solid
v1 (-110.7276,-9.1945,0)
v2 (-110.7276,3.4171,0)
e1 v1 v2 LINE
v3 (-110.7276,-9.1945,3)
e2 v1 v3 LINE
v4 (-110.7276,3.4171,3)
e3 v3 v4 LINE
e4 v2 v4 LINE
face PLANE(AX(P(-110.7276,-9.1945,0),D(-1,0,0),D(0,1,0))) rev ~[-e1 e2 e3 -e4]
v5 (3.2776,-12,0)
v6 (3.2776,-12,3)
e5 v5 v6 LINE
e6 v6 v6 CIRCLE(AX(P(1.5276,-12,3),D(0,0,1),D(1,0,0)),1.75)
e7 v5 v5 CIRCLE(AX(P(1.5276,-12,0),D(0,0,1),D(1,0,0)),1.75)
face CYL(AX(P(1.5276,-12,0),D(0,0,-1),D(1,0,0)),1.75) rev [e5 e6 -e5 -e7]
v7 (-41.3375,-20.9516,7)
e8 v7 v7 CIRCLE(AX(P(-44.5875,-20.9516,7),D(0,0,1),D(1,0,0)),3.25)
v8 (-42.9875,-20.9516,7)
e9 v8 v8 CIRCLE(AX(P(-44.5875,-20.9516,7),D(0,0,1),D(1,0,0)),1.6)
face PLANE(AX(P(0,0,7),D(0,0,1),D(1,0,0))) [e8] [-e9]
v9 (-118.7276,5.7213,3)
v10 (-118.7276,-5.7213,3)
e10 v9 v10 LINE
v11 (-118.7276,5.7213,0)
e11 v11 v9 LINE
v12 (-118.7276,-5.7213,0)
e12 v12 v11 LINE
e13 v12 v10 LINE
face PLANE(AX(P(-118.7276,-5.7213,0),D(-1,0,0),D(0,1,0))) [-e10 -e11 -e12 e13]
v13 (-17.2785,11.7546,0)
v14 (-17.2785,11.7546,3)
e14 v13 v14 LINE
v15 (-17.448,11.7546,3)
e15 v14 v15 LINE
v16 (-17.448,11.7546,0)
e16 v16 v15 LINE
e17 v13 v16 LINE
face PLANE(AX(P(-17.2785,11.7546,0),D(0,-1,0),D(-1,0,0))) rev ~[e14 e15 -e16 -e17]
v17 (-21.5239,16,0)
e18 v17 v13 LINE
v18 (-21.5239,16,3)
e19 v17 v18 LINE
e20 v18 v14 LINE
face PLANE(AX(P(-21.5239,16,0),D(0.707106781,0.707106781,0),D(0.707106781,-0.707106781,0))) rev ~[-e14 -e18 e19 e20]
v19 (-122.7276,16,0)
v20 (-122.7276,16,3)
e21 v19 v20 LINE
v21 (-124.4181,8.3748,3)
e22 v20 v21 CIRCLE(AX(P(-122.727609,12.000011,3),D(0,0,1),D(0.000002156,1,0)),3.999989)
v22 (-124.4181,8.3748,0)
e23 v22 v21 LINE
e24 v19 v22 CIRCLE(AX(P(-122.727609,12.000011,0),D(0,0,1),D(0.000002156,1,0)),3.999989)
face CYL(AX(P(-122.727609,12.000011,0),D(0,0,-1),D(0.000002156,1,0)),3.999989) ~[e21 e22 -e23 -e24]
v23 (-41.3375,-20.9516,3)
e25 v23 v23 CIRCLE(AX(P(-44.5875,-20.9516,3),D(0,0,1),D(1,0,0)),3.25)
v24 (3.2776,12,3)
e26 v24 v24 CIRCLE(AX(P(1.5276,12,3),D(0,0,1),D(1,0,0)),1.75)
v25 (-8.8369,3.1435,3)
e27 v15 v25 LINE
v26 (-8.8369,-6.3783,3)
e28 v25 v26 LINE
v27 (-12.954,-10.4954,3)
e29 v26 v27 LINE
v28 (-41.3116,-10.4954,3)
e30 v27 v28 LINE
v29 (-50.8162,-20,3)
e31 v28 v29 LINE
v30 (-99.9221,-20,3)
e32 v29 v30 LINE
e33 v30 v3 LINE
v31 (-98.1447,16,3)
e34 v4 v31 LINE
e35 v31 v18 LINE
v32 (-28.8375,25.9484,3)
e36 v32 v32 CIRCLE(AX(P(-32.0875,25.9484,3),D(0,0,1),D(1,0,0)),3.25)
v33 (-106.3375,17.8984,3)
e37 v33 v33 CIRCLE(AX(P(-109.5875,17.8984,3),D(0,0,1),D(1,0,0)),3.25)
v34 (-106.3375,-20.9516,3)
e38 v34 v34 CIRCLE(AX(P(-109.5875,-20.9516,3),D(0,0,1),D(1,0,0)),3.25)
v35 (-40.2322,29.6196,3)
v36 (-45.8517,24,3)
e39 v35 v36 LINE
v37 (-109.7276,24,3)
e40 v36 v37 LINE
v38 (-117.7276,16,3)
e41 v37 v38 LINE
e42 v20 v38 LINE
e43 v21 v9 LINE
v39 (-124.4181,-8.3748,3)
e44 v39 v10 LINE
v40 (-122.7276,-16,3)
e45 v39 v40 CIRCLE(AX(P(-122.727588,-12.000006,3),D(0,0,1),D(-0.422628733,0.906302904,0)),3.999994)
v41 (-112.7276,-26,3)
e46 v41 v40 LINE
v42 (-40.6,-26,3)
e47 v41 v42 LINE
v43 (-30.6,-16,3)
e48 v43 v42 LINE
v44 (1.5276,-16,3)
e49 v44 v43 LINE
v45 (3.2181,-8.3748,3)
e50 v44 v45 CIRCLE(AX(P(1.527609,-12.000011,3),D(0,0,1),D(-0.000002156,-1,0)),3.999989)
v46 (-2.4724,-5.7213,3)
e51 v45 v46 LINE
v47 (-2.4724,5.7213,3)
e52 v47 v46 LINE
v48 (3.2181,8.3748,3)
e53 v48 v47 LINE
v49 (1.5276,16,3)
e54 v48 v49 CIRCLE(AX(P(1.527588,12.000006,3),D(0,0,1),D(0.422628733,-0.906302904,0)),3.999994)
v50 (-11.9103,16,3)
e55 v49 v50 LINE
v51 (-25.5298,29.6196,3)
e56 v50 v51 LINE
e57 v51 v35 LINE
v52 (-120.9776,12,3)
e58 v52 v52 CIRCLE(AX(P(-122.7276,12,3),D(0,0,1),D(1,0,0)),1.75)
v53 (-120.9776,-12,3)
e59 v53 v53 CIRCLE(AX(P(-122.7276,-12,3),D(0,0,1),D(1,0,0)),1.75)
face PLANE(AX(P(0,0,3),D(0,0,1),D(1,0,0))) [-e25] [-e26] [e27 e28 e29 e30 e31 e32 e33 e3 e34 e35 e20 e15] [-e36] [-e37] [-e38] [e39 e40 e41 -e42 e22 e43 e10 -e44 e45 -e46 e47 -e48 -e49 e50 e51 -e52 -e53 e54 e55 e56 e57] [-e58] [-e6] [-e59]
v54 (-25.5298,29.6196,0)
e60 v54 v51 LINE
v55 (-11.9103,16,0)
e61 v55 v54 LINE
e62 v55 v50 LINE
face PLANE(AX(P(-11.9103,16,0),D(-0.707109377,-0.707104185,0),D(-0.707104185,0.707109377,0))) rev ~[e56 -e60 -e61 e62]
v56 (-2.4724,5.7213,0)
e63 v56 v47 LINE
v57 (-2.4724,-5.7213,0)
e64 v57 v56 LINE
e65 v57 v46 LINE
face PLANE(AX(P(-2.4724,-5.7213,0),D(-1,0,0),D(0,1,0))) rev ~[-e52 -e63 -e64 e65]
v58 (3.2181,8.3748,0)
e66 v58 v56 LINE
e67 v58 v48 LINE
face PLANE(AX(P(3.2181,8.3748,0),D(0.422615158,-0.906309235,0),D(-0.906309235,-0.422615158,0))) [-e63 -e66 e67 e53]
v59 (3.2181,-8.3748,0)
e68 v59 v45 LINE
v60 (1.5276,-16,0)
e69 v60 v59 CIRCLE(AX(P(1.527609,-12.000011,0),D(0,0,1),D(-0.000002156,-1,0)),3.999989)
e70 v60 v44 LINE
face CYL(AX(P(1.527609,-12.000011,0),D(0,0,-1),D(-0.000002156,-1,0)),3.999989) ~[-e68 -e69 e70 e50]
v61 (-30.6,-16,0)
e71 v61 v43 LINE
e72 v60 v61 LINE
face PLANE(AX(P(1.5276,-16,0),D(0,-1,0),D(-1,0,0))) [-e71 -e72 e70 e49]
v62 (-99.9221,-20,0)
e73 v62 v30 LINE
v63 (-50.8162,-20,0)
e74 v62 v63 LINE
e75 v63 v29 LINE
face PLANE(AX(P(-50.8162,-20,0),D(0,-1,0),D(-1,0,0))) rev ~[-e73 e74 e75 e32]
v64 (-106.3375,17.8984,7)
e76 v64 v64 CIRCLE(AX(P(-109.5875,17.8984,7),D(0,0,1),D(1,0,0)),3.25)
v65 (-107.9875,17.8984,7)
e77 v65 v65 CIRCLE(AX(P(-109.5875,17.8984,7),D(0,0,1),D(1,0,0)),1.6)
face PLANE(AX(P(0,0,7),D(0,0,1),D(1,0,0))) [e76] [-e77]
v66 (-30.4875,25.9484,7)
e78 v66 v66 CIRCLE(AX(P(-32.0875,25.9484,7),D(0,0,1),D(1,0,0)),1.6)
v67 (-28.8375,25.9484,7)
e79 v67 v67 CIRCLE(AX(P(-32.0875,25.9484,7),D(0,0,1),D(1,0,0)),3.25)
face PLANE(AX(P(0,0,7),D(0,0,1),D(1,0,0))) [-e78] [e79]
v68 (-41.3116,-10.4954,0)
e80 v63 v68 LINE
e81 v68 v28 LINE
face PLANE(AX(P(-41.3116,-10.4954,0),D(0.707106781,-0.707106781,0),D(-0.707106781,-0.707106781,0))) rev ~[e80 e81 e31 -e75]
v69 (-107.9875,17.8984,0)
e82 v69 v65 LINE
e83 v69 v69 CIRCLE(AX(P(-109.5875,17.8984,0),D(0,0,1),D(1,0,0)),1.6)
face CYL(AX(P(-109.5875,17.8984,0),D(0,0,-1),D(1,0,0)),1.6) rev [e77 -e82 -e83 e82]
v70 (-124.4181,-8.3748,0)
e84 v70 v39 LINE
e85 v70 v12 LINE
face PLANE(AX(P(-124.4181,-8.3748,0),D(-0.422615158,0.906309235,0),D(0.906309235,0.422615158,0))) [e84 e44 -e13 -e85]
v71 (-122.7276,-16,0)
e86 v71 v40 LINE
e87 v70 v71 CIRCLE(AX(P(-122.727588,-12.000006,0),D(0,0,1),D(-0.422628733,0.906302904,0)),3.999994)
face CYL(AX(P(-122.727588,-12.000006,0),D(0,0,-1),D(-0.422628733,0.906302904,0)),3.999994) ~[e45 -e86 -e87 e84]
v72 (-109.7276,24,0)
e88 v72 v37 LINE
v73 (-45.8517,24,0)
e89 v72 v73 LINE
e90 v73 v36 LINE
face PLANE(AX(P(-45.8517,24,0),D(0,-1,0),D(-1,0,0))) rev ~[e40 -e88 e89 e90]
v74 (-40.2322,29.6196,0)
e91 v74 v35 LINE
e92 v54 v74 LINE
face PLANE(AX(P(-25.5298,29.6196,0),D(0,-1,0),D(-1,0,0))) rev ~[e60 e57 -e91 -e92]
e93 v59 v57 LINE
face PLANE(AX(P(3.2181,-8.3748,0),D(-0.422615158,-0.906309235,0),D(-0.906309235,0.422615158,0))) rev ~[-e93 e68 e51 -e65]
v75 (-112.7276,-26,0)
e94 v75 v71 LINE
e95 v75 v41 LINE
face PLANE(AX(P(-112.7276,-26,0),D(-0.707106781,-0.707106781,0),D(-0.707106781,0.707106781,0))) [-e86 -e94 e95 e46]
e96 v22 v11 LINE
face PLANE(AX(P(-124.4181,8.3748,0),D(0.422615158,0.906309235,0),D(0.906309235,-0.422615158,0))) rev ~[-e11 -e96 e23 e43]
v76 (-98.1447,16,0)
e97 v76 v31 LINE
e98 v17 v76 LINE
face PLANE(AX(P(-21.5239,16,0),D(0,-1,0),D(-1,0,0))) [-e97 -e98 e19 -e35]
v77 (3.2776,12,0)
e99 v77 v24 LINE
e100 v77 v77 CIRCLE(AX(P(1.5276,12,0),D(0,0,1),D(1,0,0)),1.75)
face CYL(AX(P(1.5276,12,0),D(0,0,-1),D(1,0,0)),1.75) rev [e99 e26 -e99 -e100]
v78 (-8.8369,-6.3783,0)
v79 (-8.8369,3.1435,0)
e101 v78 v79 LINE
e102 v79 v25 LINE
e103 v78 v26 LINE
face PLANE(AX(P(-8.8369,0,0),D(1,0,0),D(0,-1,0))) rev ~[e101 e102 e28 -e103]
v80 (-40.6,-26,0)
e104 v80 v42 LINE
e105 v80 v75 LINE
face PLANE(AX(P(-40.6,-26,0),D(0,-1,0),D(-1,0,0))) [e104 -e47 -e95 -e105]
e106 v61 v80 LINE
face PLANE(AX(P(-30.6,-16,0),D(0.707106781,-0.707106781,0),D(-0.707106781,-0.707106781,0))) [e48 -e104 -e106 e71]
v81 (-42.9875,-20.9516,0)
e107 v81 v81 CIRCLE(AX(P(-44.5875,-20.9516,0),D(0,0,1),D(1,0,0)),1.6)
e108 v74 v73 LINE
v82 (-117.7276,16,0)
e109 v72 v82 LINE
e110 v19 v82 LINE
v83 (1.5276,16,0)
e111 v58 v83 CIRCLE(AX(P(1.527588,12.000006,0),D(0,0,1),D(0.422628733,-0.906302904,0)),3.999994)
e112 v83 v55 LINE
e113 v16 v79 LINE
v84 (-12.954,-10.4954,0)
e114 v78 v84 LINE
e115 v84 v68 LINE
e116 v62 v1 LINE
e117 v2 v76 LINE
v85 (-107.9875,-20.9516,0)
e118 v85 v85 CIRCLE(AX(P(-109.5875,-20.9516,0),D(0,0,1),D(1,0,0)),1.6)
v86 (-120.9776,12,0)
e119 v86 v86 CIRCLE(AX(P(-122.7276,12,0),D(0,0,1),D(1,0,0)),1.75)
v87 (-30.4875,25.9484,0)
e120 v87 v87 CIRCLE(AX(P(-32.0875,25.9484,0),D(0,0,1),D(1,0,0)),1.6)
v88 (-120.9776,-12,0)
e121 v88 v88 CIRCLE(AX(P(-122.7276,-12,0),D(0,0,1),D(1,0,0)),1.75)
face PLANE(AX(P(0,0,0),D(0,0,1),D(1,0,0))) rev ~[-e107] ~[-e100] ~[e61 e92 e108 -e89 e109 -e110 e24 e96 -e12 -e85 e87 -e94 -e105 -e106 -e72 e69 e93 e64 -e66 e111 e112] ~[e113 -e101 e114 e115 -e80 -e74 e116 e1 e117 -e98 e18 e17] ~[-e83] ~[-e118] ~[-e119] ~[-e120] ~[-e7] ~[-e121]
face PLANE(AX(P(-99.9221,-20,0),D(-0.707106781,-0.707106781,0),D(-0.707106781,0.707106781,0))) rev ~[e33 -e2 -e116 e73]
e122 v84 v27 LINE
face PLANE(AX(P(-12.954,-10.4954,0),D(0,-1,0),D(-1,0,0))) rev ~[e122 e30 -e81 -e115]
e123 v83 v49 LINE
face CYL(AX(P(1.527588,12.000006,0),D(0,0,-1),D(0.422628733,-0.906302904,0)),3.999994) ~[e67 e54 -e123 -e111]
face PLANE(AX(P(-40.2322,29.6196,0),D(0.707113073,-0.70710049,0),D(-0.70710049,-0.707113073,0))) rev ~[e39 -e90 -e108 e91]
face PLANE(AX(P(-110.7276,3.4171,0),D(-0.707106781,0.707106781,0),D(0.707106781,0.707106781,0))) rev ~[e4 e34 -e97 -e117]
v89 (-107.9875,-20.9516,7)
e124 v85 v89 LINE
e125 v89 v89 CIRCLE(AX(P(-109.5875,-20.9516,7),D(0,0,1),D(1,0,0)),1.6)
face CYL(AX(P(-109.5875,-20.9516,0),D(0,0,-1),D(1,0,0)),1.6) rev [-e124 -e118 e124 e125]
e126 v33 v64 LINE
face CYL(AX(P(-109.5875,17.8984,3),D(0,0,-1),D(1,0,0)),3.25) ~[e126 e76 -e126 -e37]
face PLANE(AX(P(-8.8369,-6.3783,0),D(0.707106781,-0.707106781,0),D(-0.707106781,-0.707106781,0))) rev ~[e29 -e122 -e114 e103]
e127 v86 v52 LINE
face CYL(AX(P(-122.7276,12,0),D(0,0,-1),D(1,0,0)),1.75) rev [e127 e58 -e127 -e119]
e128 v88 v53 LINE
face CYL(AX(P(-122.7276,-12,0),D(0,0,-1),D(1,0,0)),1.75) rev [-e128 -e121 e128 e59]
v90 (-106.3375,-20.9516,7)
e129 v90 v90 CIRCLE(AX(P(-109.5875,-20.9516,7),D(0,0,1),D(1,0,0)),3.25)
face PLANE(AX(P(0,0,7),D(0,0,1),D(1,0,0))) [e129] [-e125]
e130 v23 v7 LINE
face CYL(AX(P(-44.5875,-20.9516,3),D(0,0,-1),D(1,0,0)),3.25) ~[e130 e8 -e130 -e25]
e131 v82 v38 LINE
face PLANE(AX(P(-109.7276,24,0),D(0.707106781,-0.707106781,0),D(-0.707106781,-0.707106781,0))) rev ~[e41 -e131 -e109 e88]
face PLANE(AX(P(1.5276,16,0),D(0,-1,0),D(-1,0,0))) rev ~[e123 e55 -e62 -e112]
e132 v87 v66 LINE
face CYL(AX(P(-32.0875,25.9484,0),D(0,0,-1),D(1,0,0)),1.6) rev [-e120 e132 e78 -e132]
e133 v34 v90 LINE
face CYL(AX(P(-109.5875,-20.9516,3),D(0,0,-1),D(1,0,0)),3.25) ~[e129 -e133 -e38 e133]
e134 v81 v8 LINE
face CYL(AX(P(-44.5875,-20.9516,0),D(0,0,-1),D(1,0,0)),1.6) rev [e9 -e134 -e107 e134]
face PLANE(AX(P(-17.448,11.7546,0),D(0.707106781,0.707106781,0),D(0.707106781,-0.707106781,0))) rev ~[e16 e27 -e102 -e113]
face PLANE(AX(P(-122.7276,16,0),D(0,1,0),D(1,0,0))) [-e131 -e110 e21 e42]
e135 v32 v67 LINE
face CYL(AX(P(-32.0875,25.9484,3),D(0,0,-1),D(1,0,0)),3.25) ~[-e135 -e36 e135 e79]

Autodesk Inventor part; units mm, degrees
ref_plane "YZ Plane" through (0, 0, 0) normal (1, 0, 0) x (0, 1, 0)
ref_plane "XZ Plane" through (0, 0, 0) normal (0, 1, 0) x (-1, 0, 0)
ref_plane "XY Plane" through (0, 0, 0) normal (0, 0, 1) x (1, 0, 0)
sketch "Sketch1" plane through (0, 0, 0) normal (0, 0, 1) x (1, 0, 0)
  circle A0 centre (1.5276, -12) radius 1.75
  circle A1 centre (1.5276, 0) radius 1.75
  circle A2 centre (1.5276, 12) radius 1.75
  arc A3 (1.5276, -16) -> (3.2181, -8.3748) centre (1.5276, -12) ccw
  line L0 (3.2181, -8.3748) -> (-2.4724, -5.7213)
  line L1 (1.5276, -16) -> (-60.6, -16)
  line L2 (11.3984, 0) -> (-64.1078, 0)
  line L3 (-60.6, 141.7) -> (-60.6, -41.7)
  line L4 (-2.4724, -5.7213) -> (-2.4724, 0)
  arc A4 (3.2181, 8.3748) -> (1.5276, 16) centre (1.5276, 12) ccw
  line L5 (3.2181, 8.3748) -> (-2.4724, 5.7213)
  line L6 (1.5276, 16) -> (-60.6, 16) construction
  line L7 (-2.4724, 5.7213) -> (-2.4724, 0)
  circle A5 centre (-32.0875, 25.9484) radius 1.6
  circle A6 centre (-44.5875, -20.9516) radius 1.6
  circle A7 centre (-109.5875, -20.9516) radius 1.6
  circle A8 centre (-109.5875, 17.8984) radius 1.6
  line L8 (-30.6, -16) -> (-40.6, -26)
  line L9 (-30.6, -16) -> (-16.4579, -16) construction
  line L10 (-40.6, -26) -> (-60.6, -26)
  line L11 (1.5276, 16) -> (-23.224, 16)
  line L12 (-23.224, 16) -> (-31.224, 24) construction
  line L13 (-23.224, 16) -> (-11.9103, 16) construction
  line L14 (-31.224, 24) -> (-109.7276, 24)
  line L15 (-109.7276, 24) -> (-117.7276, 16)
  circle A9 centre (-122.7276, -12) radius 1.75
  circle A10 centre (-122.7276, 0) radius 1.75
  circle A11 centre (-122.7276, 12) radius 1.75
  arc A12 (-124.4181, -8.3748) -> (-122.7276, -16) centre (-122.7276, -12) ccw
  arc A13 (-122.7276, 16) -> (-124.4181, 8.3748) centre (-122.7276, 12) ccw
  line L16 (-122.7276, 16) -> (-117.7276, 16)
  line L17 (-60.6, -26) -> (-112.7276, -26)
  line L18 (-112.7276, -26) -> (-122.7276, -16)
  line L19 (-124.4181, -8.3748) -> (-118.7276, -5.7213)
  line L20 (-118.7276, -5.7213) -> (-118.7276, 0)
  line L21 (-118.7276, 5.7213) -> (-118.7276, 0)
  line L22 (-124.4181, 8.3748) -> (-118.7276, 5.7213)
  line L23 (-11.9103, 16) -> (-25.5298, 29.6196)
  line L24 (-11.9103, 16) -> (7.3507, 16) construction
  line L25 (-25.5298, 29.6196) -> (-40.2322, 29.6196)
  line L26 (-40.2322, 29.6196) -> (-45.8517, 24)
  line L27 (-12.954, -10.4954) -> (-41.3116, -10.4954)
  line L28 (-41.3116, -10.4954) -> (-50.8162, -20)
  line L29 (-50.8162, -20) -> (-99.9221, -20)
  line L30 (-99.9221, -20) -> (-110.7276, -9.1945)
  line L31 (-110.7276, -9.1945) -> (-110.7276, 3.4171)
  line L32 (-110.7276, 3.4171) -> (-98.1447, 16)
  line L33 (-98.1447, 16) -> (-21.5239, 16)
  line L34 (-21.5239, 16) -> (-17.2785, 11.7546)
  line L35 (-17.2785, 11.7546) -> (-17.448, 11.7546)
  line L36 (-17.448, 11.7546) -> (-8.8369, 3.1435)
  line L37 (-8.8369, 3.1435) -> (-8.8369, -6.3783)
  line L38 (-8.8369, -6.3783) -> (-12.954, -10.4954)
  point P0 (0, 0)
extrude "Extrusion1" add sketch "Sketch1" along normal blind 3 contours L4 L0 A3 L1 L28 L27 L38 L37 L2 | L2 L37 L36 L35 L34 L11 A4 L5 L7 | L33 L32 L31 L30 L29 L3 L17 L18 A12 L19 L20 L21 L22 A13 L16 L15 L14 | L3 L14 L26 L25 L23 L11 L33 | L1 L8 L10 L3 L29 L28
sketch "Sketch2" plane through (0, 0, 3) normal (0, 0, 1) x (1, 0, 0)
  circle A0 centre (-32.0875, 25.9484) radius 1.6 projected
  circle A1 centre (-44.5875, -20.9516) radius 1.6 projected
  circle A2 centre (-109.5875, -20.9516) radius 1.6 projected
  circle A3 centre (-109.5875, 17.8984) radius 1.6 projected
  circle A4 centre (-109.5875, -20.9516) radius 3.25
  circle A5 centre (-109.5875, 17.8984) radius 3.25
  circle A6 centre (-32.0875, 25.9484) radius 3.25
  circle A7 centre (-44.5875, -20.9516) radius 1.6 projected
  circle A8 centre (-44.5875, -20.9516) radius 3.25
  point P0 (0, 0)
  dimension "d15" = 6.5
  dimension "d16" = 6.5
  dimension "d17" = 6.5
  dimension "d18" = 6.5
extrude "Extrusion2" add sketch "Sketch2" along normal blind 4
properties part number "Motordriver_Adapter"
